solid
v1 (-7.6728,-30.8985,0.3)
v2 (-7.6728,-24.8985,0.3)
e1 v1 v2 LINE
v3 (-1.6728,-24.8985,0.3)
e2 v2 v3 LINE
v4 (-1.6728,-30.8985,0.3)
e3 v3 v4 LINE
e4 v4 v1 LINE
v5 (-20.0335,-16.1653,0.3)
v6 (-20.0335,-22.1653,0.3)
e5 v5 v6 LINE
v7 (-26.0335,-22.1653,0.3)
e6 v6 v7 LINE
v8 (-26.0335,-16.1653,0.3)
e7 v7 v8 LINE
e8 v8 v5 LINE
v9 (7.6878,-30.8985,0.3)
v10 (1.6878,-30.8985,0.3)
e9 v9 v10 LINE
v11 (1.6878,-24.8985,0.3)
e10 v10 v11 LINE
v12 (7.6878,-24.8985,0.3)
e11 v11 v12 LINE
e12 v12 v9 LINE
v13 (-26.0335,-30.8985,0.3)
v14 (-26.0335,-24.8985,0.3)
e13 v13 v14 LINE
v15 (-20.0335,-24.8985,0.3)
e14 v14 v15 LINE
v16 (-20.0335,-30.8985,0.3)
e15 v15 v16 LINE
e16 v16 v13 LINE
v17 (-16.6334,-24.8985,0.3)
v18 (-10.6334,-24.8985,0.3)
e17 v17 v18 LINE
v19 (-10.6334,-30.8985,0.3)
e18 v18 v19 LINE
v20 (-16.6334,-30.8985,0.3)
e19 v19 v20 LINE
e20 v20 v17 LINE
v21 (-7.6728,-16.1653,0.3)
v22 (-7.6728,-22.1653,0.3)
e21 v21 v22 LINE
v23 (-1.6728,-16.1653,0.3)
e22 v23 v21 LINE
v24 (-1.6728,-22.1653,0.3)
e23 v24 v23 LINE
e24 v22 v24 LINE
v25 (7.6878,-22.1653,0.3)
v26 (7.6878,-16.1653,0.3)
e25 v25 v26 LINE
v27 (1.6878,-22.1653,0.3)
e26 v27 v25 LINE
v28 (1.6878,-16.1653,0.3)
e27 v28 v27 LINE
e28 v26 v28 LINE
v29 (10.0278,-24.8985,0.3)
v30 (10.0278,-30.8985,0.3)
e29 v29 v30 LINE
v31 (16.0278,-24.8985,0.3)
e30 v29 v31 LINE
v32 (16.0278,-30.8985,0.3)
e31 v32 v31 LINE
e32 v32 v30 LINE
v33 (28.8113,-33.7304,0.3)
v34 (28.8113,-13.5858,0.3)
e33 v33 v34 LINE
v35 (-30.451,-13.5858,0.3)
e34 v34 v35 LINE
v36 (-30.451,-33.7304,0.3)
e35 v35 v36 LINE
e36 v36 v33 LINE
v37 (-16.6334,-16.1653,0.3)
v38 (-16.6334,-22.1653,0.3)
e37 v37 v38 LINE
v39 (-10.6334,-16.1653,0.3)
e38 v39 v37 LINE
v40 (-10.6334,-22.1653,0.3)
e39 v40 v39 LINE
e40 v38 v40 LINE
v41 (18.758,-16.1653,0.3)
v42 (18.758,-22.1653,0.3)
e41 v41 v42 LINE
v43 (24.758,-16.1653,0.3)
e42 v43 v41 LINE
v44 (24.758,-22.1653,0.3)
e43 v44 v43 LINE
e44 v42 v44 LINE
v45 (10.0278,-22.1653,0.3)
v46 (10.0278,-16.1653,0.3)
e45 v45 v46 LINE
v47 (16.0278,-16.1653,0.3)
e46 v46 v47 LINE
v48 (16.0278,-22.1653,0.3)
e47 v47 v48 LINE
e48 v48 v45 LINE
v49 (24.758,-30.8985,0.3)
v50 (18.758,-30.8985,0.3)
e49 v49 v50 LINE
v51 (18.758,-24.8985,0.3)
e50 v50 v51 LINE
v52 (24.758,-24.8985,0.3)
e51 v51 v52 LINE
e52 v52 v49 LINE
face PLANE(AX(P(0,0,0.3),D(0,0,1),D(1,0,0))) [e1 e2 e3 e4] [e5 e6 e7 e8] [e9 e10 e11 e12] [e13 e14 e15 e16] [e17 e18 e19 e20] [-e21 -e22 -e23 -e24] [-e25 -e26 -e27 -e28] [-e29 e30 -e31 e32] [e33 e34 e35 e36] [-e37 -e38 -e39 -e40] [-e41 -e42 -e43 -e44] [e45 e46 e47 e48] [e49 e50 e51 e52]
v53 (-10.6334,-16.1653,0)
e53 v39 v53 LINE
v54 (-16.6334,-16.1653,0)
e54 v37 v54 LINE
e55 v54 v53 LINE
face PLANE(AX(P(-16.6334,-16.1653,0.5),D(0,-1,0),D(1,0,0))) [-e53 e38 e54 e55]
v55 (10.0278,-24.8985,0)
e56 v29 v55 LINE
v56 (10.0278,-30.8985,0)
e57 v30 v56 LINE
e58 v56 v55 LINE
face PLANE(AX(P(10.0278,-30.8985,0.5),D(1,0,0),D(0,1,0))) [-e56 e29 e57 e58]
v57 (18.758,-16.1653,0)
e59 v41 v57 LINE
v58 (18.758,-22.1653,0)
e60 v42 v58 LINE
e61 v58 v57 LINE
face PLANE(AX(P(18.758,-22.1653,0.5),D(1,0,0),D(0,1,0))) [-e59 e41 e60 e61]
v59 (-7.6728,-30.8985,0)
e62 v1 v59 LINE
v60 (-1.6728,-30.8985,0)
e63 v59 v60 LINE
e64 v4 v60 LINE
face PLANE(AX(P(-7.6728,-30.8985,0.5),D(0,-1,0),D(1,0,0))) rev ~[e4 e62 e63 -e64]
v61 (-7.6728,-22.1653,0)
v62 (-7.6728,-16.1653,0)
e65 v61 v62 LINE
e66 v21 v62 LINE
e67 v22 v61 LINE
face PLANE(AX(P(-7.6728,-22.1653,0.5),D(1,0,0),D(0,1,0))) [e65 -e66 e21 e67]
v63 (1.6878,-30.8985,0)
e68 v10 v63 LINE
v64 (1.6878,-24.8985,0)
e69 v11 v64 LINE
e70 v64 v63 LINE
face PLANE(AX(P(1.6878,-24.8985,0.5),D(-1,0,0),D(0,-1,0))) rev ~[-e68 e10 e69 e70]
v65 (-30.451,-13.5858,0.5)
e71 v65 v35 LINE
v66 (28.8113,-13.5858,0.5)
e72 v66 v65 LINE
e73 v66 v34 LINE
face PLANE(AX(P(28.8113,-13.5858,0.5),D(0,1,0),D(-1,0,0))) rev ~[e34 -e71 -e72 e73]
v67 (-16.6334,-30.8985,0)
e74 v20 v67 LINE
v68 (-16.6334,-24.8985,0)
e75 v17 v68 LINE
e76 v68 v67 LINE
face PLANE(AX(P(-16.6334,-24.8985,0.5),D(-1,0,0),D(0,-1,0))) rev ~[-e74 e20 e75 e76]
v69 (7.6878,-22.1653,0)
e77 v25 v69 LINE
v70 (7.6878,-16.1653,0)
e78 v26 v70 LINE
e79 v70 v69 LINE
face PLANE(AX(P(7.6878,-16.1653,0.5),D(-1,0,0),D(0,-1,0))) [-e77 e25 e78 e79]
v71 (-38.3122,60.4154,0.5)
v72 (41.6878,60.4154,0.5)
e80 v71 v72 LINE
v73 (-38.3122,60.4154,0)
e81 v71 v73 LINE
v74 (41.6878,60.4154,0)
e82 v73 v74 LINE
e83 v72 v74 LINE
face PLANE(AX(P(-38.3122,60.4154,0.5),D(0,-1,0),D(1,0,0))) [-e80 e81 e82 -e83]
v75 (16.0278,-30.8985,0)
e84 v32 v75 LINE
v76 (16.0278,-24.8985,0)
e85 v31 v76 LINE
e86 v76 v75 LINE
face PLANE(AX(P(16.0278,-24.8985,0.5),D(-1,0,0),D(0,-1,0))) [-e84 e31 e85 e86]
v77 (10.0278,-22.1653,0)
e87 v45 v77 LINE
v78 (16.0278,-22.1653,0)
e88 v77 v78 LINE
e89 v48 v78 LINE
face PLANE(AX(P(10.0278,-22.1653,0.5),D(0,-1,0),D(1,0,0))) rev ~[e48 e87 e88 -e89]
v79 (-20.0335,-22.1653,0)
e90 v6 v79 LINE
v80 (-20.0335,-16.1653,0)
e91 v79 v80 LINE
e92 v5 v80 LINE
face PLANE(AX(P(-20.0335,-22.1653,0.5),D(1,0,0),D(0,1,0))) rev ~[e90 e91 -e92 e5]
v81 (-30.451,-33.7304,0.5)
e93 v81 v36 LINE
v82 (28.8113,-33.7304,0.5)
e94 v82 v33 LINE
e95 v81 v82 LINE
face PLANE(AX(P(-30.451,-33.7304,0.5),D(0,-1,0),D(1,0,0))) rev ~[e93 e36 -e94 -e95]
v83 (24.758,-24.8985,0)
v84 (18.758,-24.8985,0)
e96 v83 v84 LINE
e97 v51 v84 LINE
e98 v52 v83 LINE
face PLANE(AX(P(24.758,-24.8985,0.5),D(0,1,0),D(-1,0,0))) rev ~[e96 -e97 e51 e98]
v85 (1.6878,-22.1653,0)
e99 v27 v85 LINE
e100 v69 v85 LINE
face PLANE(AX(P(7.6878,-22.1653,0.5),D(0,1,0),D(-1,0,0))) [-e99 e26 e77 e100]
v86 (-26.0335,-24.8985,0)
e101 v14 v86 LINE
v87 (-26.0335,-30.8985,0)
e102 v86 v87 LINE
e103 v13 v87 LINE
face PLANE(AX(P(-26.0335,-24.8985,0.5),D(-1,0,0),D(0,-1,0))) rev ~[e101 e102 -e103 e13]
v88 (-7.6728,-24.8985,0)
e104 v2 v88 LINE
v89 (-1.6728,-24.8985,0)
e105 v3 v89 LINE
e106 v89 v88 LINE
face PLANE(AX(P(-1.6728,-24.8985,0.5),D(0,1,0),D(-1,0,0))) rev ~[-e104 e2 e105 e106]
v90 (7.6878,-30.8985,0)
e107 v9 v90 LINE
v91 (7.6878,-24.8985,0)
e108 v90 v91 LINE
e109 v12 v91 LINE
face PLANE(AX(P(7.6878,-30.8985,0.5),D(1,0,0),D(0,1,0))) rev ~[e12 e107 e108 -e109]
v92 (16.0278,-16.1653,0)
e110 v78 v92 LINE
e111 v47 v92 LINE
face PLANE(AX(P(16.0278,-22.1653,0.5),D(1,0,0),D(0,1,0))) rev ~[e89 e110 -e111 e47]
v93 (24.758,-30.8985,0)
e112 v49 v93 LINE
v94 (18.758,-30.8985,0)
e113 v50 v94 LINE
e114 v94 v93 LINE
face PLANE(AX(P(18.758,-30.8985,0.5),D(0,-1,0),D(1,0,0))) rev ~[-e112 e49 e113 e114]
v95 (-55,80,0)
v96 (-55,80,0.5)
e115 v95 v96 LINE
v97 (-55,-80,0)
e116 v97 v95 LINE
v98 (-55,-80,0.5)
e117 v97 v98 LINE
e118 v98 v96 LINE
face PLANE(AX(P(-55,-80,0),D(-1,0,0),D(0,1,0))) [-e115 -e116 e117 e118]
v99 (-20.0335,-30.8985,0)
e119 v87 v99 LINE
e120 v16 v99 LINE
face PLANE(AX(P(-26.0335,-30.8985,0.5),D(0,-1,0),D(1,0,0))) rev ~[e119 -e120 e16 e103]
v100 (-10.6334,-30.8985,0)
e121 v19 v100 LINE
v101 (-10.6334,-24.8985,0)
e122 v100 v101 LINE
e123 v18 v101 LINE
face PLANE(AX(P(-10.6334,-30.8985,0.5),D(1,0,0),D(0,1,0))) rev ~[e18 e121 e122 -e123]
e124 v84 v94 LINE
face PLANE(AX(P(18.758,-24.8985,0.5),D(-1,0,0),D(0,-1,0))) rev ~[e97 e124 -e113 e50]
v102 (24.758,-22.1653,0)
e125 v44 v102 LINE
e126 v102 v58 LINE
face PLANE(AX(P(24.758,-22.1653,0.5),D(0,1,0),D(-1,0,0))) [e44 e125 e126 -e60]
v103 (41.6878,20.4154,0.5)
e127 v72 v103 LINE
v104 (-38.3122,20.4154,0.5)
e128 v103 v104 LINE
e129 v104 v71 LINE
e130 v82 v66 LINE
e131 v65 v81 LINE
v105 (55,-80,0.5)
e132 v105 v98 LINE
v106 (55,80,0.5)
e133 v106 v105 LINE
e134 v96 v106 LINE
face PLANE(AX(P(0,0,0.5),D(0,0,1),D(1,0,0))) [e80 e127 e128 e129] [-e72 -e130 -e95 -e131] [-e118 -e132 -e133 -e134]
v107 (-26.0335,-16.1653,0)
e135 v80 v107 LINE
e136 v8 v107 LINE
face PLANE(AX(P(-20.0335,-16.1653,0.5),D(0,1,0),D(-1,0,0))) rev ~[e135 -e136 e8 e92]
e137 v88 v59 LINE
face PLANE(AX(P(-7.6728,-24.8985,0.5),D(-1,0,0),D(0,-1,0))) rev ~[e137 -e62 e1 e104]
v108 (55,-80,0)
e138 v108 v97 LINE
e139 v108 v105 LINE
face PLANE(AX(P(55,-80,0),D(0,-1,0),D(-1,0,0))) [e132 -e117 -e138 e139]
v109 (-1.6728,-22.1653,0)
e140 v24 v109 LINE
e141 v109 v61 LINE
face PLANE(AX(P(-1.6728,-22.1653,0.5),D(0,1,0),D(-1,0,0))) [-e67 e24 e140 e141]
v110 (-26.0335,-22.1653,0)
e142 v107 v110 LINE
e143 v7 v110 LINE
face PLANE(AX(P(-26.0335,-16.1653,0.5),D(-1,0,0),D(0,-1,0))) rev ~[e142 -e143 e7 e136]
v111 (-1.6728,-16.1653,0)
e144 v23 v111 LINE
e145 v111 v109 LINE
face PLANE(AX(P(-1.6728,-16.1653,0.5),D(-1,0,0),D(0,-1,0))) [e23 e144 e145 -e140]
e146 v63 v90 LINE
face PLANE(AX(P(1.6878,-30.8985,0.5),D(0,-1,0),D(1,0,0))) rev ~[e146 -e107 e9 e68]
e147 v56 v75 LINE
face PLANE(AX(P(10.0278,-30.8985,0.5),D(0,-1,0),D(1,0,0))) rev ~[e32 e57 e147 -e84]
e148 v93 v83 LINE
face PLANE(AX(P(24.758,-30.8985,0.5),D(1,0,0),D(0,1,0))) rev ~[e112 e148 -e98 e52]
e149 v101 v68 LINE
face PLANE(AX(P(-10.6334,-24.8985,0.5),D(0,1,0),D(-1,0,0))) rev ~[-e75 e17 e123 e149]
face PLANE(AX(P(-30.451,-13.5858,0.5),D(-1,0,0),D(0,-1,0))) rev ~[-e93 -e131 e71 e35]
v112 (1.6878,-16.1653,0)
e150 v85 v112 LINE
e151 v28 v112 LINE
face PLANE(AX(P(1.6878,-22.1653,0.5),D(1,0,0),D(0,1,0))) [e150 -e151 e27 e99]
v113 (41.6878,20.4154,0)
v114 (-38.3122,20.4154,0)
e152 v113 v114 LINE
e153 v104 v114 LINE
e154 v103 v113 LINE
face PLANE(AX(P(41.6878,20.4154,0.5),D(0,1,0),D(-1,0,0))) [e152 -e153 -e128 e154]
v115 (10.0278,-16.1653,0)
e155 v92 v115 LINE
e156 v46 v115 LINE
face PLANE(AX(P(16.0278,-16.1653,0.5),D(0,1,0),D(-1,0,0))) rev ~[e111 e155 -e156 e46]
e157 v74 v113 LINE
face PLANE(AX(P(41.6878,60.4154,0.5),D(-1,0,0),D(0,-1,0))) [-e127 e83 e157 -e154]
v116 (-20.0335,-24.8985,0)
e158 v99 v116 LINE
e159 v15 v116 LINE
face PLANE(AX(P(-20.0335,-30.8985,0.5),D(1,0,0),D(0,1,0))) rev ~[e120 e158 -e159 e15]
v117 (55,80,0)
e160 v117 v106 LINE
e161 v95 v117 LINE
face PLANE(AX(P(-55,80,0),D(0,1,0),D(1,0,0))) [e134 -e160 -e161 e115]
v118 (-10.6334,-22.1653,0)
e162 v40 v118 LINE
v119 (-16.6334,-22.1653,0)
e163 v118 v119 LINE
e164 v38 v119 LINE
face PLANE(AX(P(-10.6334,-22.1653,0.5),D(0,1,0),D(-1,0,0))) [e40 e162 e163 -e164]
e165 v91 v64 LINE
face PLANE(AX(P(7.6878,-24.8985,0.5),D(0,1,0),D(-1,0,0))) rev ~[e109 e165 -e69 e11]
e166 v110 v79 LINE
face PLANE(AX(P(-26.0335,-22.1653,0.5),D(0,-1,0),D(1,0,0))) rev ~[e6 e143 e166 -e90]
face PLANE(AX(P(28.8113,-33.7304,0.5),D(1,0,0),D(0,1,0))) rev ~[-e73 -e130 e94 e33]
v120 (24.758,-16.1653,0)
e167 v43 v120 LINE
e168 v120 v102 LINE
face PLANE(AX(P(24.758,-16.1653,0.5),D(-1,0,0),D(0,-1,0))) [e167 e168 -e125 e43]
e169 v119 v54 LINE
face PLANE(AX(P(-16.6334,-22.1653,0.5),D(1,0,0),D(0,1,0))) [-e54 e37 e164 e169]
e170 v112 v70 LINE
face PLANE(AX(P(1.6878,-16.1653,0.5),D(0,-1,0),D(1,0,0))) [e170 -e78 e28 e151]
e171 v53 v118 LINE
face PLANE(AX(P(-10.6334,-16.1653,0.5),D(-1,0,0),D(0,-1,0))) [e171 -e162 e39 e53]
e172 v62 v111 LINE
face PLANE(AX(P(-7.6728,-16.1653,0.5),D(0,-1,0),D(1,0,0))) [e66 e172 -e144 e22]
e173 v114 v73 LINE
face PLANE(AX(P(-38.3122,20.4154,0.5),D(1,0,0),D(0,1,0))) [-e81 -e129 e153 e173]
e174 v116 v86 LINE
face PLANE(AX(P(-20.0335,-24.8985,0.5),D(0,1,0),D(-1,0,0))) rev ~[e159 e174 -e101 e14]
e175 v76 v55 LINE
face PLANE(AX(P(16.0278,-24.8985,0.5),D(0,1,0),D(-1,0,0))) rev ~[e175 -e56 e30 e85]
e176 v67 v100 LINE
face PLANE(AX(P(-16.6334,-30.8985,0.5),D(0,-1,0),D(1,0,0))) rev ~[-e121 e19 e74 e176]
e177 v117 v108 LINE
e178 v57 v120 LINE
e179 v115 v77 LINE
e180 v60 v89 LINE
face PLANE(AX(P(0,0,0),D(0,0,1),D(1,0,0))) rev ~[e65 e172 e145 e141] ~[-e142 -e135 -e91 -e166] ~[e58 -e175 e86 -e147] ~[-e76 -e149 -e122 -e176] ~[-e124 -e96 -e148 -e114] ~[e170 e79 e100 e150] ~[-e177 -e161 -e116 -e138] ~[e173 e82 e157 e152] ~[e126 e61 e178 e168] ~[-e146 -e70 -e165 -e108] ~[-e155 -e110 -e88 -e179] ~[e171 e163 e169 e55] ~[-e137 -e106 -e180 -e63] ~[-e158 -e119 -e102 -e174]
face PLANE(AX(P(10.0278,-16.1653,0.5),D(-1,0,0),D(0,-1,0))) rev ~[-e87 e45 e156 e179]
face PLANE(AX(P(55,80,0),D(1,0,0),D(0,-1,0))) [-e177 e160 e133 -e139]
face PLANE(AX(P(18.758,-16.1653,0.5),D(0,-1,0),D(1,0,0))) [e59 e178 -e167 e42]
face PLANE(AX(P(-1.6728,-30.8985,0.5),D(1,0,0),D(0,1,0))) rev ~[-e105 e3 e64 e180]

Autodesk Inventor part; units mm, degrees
ref_plane "YZ Plane" through (0, 0, 0) normal (1, 0, 0) x (0, 1, 0)
ref_plane "XZ Plane" through (0, 0, 0) normal (0, 1, 0) x (-1, 0, 0)
ref_plane "XY Plane" through (0, 0, 0) normal (0, 0, 1) x (1, 0, 0)
sketch "Boceto1" plane through (0, 0, 0) normal (0, 0, 1) x (1, 0, 0)
  line L0 (-55, 80) -> (55, 80)
  line L1 (55, 80) -> (55, -80)
  line L2 (55, -80) -> (-55, -80)
  line L3 (-55, -80) -> (-55, 80)
  line L4 (-55, 80) -> (55, -80) construction
  line L5 (55, 80) -> (-55, -80) construction
  point P0 (0, 0)
  dimension "d0" = 110
  dimension "d1" = 160
extrude "Placa1" add sketch "Boceto1" along normal blind 0.5
sketch "Boceto2" plane through (0, 0, 0.5) normal (0, 0, 1) x (1, 0, 0)
  line L0 (-38.3122, 60.4154) -> (41.6878, 60.4154)
  line L1 (41.6878, 60.4154) -> (41.6878, 20.4154)
  line L2 (41.6878, 20.4154) -> (-38.3122, 20.4154)
  line L3 (-38.3122, 20.4154) -> (-38.3122, 60.4154)
  line L4 (-26.0335, -16.1653) -> (-26.0335, -22.1653)
  line L5 (-26.0335, -22.1653) -> (-20.0335, -22.1653)
  line L6 (-20.0335, -22.1653) -> (-20.0335, -16.1653)
  line L7 (-20.0335, -16.1653) -> (-26.0335, -16.1653)
  line L8 (-16.6334, -22.1653) -> (-16.6334, -16.1653)
  line L9 (-16.6334, -16.1653) -> (-10.6334, -16.1653)
  line L10 (-10.6334, -16.1653) -> (-10.6334, -22.1653)
  line L11 (-10.6334, -22.1653) -> (-16.6334, -22.1653)
  line L12 (-7.6728, -22.1653) -> (-7.6728, -16.1653)
  line L13 (-7.6728, -16.1653) -> (-1.6728, -16.1653)
  line L14 (-1.6728, -16.1653) -> (-1.6728, -22.1653)
  line L15 (-1.6728, -22.1653) -> (-7.6728, -22.1653)
  line L16 (1.6878, -22.1653) -> (1.6878, -16.1653)
  line L17 (1.6878, -16.1653) -> (7.6878, -16.1653)
  line L18 (7.6878, -16.1653) -> (7.6878, -22.1653)
  line L19 (7.6878, -22.1653) -> (1.6878, -22.1653)
  line L20 (10.0278, -16.1653) -> (10.0278, -22.1653)
  line L21 (10.0278, -22.1653) -> (16.0278, -22.1653)
  line L22 (16.0278, -22.1653) -> (16.0278, -16.1653)
  line L23 (16.0278, -16.1653) -> (10.0278, -16.1653)
  line L24 (18.758, -22.1653) -> (18.758, -16.1653)
  line L25 (18.758, -16.1653) -> (24.758, -16.1653)
  line L26 (24.758, -16.1653) -> (24.758, -22.1653)
  line L27 (24.758, -22.1653) -> (18.758, -22.1653)
  line L28 (-26.0335, -24.8985) -> (-26.0335, -30.8985)
  line L29 (-26.0335, -30.8985) -> (-20.0335, -30.8985)
  line L30 (-20.0335, -30.8985) -> (-20.0335, -24.8985)
  line L31 (-20.0335, -24.8985) -> (-26.0335, -24.8985)
  line L32 (-16.6334, -24.8985) -> (-16.6334, -30.8985)
  line L33 (-16.6334, -30.8985) -> (-10.6334, -30.8985)
  line L34 (-10.6334, -30.8985) -> (-10.6334, -24.8985)
  line L35 (-10.6334, -24.8985) -> (-16.6334, -24.8985)
  line L36 (-7.6728, -24.8985) -> (-7.6728, -30.8985)
  line L37 (-7.6728, -30.8985) -> (-1.6728, -30.8985)
  line L38 (-1.6728, -30.8985) -> (-1.6728, -24.8985)
  line L39 (-1.6728, -24.8985) -> (-7.6728, -24.8985)
  line L40 (1.6878, -24.8985) -> (1.6878, -30.8985)
  line L41 (1.6878, -30.8985) -> (7.6878, -30.8985)
  line L42 (7.6878, -30.8985) -> (7.6878, -24.8985)
  line L43 (7.6878, -24.8985) -> (1.6878, -24.8985)
  line L44 (16.0278, -24.8985) -> (16.0278, -30.8985)
  line L45 (10.0278, -30.8985) -> (10.0278, -24.8985)
  line L46 (16.0278, -24.8985) -> (10.0278, -24.8985)
  line L47 (10.0278, -30.8985) -> (16.0278, -30.8985)
  line L48 (18.758, -24.8985) -> (18.758, -30.8985)
  line L49 (18.758, -30.8985) -> (24.758, -30.8985)
  line L50 (24.758, -30.8985) -> (24.758, -24.8985)
  line L51 (24.758, -24.8985) -> (18.758, -24.8985)
  point P0 (0, 0)
extrude "Extrusión1" cut sketch "Boceto2" against normal blind 10
sketch "Boceto3" plane through (0, 0, 0.5) normal (0, 0, 1) x (1, 0, 0)
  line L0 (-30.451, -13.5858) -> (-30.451, -33.7304)
  line L1 (-30.451, -33.7304) -> (28.8113, -33.7304)
  line L2 (28.8113, -33.7304) -> (28.8113, -13.5858)
  line L3 (28.8113, -13.5858) -> (-30.451, -13.5858)
  point P0 (0, 0)
extrude "Extrusión2" cut sketch "Boceto3" against normal blind 0.2
equation "\"d2\" = Grosor"
equation "\"Radio_pliegue\" = Grosor"
equation "\"Anchura_desahogo_plegado\" = Grosor"
equation "\"Profundidad_desahogo_plegado\" = 0.5 * Grosor"
equation "\"Tamaño_destalonado\" = 4 * Grosor"
equation "\"Remanente_mínimo\" = 2 * Grosor"
equation "\"Radiodetransición\" = Radio_pliegue"
equation "\"Tamaño_de_radio_de_Jacobi\" = Radio_pliegue"
equation "\"TamañoSeparación\" = Grosor"
equation "\"Grosor\" = 0.5"
properties material "Plástico LCP"
